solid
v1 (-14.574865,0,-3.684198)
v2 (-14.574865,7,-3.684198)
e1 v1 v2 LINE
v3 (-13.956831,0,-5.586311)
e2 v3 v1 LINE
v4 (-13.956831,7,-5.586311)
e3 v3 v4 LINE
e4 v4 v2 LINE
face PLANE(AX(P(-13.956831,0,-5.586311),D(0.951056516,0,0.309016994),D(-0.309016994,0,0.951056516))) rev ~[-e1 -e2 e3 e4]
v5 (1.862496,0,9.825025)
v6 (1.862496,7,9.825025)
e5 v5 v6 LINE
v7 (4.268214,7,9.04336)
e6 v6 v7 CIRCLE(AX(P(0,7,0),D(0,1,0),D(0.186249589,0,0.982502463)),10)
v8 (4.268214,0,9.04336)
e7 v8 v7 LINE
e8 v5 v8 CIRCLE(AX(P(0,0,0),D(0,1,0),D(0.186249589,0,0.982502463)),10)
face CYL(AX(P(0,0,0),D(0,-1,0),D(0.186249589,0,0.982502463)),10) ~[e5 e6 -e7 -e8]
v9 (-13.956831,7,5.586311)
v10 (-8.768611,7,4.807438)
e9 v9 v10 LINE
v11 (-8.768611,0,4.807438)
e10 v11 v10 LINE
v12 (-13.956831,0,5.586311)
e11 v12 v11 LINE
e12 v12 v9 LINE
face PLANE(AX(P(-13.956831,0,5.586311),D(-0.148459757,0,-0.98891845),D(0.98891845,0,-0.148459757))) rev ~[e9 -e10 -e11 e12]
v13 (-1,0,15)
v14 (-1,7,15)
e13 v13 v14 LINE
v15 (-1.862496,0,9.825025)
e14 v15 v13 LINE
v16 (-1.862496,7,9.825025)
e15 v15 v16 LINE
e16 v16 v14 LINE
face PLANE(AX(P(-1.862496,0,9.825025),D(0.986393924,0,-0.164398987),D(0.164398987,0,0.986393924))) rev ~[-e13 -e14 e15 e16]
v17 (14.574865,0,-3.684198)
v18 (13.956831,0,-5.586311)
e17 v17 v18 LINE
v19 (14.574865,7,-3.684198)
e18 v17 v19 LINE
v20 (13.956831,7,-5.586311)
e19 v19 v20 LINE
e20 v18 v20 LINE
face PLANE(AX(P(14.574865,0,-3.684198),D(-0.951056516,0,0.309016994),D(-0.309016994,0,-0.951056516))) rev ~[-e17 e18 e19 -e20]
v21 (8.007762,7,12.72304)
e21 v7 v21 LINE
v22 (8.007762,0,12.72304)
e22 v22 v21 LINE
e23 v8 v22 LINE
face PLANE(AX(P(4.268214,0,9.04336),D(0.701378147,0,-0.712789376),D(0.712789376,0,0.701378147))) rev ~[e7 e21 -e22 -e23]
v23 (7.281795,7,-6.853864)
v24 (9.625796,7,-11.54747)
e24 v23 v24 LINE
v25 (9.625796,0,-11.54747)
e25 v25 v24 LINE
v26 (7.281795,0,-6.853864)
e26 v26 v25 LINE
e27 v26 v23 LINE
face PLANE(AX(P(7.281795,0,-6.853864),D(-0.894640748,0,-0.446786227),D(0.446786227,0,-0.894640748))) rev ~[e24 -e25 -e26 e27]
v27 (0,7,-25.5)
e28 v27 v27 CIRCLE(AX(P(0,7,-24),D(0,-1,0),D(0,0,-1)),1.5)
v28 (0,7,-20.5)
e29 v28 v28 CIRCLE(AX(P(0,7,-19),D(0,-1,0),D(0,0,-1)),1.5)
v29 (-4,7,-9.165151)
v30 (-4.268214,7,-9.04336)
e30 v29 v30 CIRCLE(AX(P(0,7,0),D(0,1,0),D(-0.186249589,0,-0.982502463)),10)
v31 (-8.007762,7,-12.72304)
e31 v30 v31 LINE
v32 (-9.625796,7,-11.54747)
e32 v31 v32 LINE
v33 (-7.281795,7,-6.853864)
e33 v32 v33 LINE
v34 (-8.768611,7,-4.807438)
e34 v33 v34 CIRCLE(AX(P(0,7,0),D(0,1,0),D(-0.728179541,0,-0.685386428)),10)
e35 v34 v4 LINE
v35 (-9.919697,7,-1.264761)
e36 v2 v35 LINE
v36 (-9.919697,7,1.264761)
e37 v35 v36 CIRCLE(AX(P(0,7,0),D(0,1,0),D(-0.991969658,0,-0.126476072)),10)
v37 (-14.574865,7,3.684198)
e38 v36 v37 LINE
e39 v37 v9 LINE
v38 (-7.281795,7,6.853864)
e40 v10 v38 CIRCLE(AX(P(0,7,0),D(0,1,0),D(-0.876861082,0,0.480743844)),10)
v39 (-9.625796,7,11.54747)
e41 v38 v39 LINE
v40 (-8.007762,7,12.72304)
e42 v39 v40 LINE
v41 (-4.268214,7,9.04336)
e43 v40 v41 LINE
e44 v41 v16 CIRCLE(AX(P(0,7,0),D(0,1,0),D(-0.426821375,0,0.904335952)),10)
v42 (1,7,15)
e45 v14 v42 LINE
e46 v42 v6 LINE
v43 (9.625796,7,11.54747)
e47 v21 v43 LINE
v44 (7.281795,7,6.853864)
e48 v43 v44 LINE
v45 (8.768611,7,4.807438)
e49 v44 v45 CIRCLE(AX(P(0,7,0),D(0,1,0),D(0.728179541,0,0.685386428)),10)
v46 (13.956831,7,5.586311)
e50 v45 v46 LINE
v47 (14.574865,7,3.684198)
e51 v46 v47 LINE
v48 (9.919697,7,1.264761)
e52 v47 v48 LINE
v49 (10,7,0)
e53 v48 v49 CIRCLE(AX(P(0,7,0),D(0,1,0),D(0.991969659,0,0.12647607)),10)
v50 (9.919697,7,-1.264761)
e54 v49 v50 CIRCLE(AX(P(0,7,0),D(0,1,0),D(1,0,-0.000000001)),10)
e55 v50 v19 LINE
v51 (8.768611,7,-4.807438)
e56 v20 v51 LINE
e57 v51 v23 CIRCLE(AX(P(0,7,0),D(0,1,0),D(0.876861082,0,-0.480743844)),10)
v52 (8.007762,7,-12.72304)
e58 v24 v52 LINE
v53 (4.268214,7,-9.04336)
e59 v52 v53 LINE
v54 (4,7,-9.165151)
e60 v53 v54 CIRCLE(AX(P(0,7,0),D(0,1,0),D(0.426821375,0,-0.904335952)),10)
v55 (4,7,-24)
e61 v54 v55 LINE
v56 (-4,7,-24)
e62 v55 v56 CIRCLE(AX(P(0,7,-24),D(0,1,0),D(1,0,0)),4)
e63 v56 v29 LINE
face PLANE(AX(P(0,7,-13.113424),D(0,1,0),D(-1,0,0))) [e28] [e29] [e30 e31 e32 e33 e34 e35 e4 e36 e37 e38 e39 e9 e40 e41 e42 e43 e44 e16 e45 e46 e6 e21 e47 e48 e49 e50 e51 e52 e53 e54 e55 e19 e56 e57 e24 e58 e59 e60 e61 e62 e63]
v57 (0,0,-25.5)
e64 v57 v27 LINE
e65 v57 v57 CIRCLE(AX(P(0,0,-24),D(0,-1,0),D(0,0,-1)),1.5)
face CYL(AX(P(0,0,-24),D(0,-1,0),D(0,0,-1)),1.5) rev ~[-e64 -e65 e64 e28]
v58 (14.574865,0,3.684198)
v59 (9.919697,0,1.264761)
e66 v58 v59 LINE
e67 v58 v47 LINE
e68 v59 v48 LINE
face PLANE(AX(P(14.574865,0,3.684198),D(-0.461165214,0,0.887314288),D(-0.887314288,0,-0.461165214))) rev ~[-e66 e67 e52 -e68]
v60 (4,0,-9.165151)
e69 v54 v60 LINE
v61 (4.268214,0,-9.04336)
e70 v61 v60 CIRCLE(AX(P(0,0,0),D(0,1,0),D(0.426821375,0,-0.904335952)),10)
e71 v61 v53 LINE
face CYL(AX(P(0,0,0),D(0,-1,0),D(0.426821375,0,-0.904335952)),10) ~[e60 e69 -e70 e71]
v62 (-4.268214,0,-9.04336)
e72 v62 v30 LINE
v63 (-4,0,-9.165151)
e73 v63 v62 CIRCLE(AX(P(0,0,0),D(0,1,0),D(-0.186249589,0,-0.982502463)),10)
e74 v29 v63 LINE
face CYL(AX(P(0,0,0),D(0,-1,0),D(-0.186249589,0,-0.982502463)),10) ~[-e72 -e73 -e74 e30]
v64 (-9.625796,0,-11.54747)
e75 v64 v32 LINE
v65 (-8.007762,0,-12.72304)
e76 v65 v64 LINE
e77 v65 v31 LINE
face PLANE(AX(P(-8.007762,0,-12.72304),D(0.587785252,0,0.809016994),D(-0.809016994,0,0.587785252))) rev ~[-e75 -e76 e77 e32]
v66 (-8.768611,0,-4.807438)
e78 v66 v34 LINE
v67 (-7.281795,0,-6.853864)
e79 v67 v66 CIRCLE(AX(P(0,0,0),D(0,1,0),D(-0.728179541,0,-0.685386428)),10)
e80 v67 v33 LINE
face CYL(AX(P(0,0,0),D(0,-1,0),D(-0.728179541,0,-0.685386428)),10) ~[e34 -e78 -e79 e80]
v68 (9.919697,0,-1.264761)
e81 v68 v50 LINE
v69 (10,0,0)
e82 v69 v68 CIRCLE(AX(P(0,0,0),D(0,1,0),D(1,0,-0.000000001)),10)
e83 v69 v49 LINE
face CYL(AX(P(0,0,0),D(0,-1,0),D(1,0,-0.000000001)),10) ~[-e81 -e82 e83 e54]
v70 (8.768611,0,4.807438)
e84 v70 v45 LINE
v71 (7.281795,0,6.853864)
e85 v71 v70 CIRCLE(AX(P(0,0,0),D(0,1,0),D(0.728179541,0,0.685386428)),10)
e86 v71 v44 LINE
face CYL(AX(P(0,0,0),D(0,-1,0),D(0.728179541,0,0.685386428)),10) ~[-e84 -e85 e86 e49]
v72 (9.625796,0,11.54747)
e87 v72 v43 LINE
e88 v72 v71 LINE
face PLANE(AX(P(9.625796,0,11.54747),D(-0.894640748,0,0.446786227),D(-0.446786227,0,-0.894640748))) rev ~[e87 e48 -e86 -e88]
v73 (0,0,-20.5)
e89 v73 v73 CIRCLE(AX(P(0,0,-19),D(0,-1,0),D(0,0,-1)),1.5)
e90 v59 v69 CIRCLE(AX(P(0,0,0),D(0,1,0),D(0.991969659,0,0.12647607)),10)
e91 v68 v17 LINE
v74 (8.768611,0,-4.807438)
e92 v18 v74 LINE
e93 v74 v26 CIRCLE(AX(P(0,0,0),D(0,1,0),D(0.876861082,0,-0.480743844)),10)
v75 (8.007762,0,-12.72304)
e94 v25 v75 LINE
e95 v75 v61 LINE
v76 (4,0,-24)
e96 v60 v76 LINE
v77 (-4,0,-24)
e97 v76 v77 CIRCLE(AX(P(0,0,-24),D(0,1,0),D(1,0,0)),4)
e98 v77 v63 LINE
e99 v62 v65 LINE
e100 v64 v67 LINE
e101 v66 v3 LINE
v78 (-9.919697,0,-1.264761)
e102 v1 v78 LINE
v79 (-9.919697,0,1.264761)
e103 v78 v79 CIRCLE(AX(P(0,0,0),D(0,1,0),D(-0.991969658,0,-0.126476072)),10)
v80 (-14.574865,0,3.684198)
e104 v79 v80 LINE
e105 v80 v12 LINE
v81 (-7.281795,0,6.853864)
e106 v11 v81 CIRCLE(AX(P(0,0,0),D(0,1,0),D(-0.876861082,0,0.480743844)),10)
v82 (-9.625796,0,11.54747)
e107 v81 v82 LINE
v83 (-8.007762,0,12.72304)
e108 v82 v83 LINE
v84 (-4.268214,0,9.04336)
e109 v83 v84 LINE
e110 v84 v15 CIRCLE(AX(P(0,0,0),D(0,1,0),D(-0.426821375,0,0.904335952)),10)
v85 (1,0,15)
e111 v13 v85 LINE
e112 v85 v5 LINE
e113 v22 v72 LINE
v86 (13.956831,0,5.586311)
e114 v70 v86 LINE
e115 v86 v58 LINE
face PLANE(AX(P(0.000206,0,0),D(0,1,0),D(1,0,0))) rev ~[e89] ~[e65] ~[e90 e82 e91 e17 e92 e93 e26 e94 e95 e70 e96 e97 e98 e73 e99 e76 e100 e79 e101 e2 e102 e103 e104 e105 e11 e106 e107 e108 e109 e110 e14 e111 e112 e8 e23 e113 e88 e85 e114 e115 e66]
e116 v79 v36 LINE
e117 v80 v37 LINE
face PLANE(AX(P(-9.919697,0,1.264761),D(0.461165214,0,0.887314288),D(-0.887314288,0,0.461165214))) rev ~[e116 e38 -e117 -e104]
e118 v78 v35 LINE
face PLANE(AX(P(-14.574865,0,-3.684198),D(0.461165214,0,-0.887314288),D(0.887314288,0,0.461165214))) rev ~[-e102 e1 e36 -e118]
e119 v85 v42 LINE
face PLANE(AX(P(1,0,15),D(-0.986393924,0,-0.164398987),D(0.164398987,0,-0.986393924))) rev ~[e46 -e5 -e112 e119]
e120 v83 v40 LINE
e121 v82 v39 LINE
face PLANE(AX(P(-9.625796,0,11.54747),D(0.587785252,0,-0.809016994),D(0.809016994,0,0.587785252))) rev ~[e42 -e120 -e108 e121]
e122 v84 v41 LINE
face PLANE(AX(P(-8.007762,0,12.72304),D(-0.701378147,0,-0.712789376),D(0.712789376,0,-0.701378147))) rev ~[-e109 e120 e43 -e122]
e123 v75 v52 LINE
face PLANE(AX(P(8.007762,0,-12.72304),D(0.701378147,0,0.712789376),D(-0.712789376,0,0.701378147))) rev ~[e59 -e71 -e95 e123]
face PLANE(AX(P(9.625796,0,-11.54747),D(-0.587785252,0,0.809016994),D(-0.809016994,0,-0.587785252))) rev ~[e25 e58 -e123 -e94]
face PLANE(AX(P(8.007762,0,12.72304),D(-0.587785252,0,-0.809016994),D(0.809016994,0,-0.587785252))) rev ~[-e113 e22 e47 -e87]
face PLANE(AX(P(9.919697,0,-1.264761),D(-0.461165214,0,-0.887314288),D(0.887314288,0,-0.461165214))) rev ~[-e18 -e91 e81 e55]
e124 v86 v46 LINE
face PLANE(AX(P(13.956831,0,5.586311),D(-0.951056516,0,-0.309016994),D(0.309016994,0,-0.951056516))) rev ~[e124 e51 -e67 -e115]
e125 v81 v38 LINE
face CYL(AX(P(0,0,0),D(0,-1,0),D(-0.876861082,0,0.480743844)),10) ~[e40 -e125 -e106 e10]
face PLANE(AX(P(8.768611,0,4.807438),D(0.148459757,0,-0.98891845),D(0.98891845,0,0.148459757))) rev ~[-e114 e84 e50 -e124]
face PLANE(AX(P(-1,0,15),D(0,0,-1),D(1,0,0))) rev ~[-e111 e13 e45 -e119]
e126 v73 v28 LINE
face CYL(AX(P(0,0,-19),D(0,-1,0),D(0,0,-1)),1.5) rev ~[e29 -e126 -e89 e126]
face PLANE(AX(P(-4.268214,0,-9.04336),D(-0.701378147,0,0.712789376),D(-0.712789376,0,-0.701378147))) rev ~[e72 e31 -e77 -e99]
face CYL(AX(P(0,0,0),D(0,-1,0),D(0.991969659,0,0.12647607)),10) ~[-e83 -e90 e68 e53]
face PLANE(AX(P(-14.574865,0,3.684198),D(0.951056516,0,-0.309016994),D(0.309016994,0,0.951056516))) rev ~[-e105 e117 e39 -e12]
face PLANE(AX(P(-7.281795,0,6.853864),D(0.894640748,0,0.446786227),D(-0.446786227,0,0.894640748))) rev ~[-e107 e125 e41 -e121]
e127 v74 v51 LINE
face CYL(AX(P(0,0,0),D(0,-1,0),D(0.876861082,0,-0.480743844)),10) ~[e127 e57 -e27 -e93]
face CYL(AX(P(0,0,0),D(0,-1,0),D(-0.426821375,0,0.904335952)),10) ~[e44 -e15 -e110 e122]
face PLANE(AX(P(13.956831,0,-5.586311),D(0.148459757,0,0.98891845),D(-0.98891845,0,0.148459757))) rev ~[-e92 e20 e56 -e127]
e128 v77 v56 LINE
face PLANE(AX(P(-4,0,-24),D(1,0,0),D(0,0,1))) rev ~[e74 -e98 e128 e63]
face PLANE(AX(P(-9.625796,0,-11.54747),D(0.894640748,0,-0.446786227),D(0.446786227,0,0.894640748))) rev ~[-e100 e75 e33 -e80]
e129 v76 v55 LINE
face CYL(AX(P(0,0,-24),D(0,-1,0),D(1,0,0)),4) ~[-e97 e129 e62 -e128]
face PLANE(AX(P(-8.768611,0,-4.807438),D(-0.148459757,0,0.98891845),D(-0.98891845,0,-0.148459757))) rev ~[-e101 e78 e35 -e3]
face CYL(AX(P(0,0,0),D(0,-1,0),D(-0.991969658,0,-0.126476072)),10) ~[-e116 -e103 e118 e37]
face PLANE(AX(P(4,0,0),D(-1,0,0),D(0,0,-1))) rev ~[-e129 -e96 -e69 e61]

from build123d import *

# Parameters (mm, degrees)
BOSS_EXTRUDE2_DEPTH = 7
SKETCH2_R           = 1.5
BOSS_EXTRUDE3_DEPTH = 7


with BuildPart() as part:
    # Sketch1 → Boss-Extrude2 (new body)
    with BuildSketch(Plane(origin=(0, 0, 0), x_dir=(1, 0, 0), z_dir=(0, 1, 0))):
        with BuildLine():
            Line((-2, 9), (-1.862495894, 9.825024633))
            ThreePointArc((-1.862495894, 9.825024633), (-3.090169944, 9.510565163), (-4.268213752, 9.043359518))
            Line((-4.268213752, 9.043359518), (-3.672033282, 8.456723454))
            Line((-3.672033282, 8.456723454), (-6.908101259, 6.105582445))
            Line((-6.908101259, 6.105582445), (-7.281795413, 6.853864279))
            ThreePointArc((-7.281795413, 6.853864279), (-8.090169944, 5.877852523), (-8.768610817, 4.807438439))
            Line((-8.768610817, 4.807438439), (-7.941474658, 4.683265982))
            Line((-7.941474658, 4.683265982), (-9.177542635, 0.879039917))
            Line((-9.177542635, 0.879039917), (-9.919696584, 1.264760725))
            ThreePointArc((-9.919696584, 1.264760725), (-10, 0), (-9.919696584, -1.264760725))
            Line((-9.919696584, -1.264760725), (-9.177542635, -0.879039917))
            Line((-9.177542635, -0.879039917), (-7.941474658, -4.683265982))
            Line((-7.941474658, -4.683265982), (-8.768610817, -4.807438439))
            ThreePointArc((-8.768610817, -4.807438439), (-8.090169944, -5.877852523), (-7.281795413, -6.853864279))
            Line((-7.281795413, -6.853864279), (-6.908101259, -6.105582445))
            Line((-6.908101259, -6.105582445), (-3.672033282, -8.456723454))
            Line((-3.672033282, -8.456723454), (-4.268213752, -9.043359518))
            ThreePointArc((-4.268213752, -9.043359518), (-3.090169944, -9.510565163), (-1.862495894, -9.825024633))
            Line((-1.862495894, -9.825024633), (-2, -9))
            Line((-2, -9), (2, -9))
            Line((2, -9), (1.862495894, -9.825024633))
            ThreePointArc((1.862495894, -9.825024633), (3.090169944, -9.510565163), (4.268213752, -9.043359518))
            Line((4.268213752, -9.043359518), (3.672033282, -8.456723454))
            Line((3.672033282, -8.456723454), (6.908101259, -6.105582445))
            Line((6.908101259, -6.105582445), (7.281795413, -6.853864279))
            ThreePointArc((7.281795413, -6.853864279), (8.090169944, -5.877852523), (8.768610817, -4.807438439))
            Line((8.768610817, -4.807438439), (7.941474658, -4.683265982))
            Line((7.941474658, -4.683265982), (9.177542635, -0.879039917))
            Line((9.177542635, -0.879039917), (9.919696584, -1.264760725))
            ThreePointArc((9.919696584, -1.264760725), (9.979903953, -0.633653756), (10, 0))
            ThreePointArc((10, 0), (9.979903953, 0.633653756), (9.919696584, 1.264760725))
            Line((9.919696584, 1.264760725), (9.177542635, 0.879039917))
            Line((9.177542635, 0.879039917), (7.941474658, 4.683265982))
            Line((7.941474658, 4.683265982), (8.768610817, 4.807438439))
            ThreePointArc((8.768610817, 4.807438439), (8.090169944, 5.877852523), (7.281795413, 6.853864279))
            Line((7.281795413, 6.853864279), (6.908101259, 6.105582445))
            Line((6.908101259, 6.105582445), (3.672033282, 8.456723454))
            Line((3.672033282, 8.456723454), (4.268213752, 9.043359518))
            ThreePointArc((4.268213752, 9.043359518), (3.090169944, 9.510565163), (1.862495894, 9.825024633))
            Line((1.862495894, 9.825024633), (2, 9))
            Line((2, 9), (-2, 9))
        make_face()
        with BuildLine():
            ThreePointArc((-8.768610817, -4.807438439), (-9.510565163, -3.090169944), (-9.919696584, -1.264760725))
            Line((-9.919696584, -1.264760725), (-14.574864739, -3.684198399))
            Line((-14.574864739, -3.684198399), (-13.95683075, -5.586311432))
            Line((-13.95683075, -5.586311432), (-8.768610817, -4.807438439))
        make_face()
        with BuildLine():
            ThreePointArc((-4.268213752, -9.043359518), (-5.877852523, -8.090169944), (-7.281795413, -6.853864279))
            Line((-7.281795413, -6.853864279), (-9.625795779, -11.547469663))
            Line((-9.625795779, -11.547469663), (-8.00776179, -12.723040168))
            Line((-8.00776179, -12.723040168), (-4.268213752, -9.043359518))
        make_face()
        with BuildLine():
            ThreePointArc((1.862495894, -9.825024633), (0, -10), (-1.862495894, -9.825024633))
            Line((-1.862495894, -9.825024633), (-1, -15))
            Line((-1, -15), (1, -15))
            Line((1, -15), (1.862495894, -9.825024633))
        make_face()
        with BuildLine():
            Line((9.625795779, -11.547469663), (7.281795413, -6.853864279))
            ThreePointArc((7.281795413, -6.853864279), (5.877852523, -8.090169944), (4.268213752, -9.043359518))
            Line((4.268213752, -9.043359518), (8.00776179, -12.723040168))
            Line((8.00776179, -12.723040168), (9.625795779, -11.547469663))
        make_face()
        with BuildLine():
            Line((14.574864739, -3.684198399), (9.919696584, -1.264760725))
            ThreePointArc((9.919696584, -1.264760725), (9.510565163, -3.090169944), (8.768610817, -4.807438439))
            Line((8.768610817, -4.807438439), (13.95683075, -5.586311432))
            Line((13.95683075, -5.586311432), (14.574864739, -3.684198399))
        make_face()
        with BuildLine():
            Line((13.95683075, 5.586311432), (8.768610817, 4.807438439))
            ThreePointArc((8.768610817, 4.807438439), (9.510565163, 3.090169944), (9.919696584, 1.264760725))
            Line((9.919696584, 1.264760725), (14.574864739, 3.684198399))
            Line((14.574864739, 3.684198399), (13.95683075, 5.586311432))
        make_face()
        with BuildLine():
            Line((8.00776179, 12.723040168), (4.268213752, 9.043359518))
            ThreePointArc((4.268213752, 9.043359518), (5.877852523, 8.090169944), (7.281795413, 6.853864279))
            Line((7.281795413, 6.853864279), (9.625795779, 11.547469663))
            Line((9.625795779, 11.547469663), (8.00776179, 12.723040168))
        make_face()
        with BuildLine():
            Line((1, 15), (-1, 15))
            Line((-1, 15), (-1.862495894, 9.825024633))
            ThreePointArc((-1.862495894, 9.825024633), (0, 10), (1.862495894, 9.825024633))
            Line((1.862495894, 9.825024633), (1, 15))
        make_face()
        with BuildLine():
            ThreePointArc((-7.281795413, 6.853864279), (-5.877852523, 8.090169944), (-4.268213752, 9.043359518))
            Line((-4.268213752, 9.043359518), (-8.00776179, 12.723040168))
            Line((-8.00776179, 12.723040168), (-9.625795779, 11.547469663))
            Line((-9.625795779, 11.547469663), (-7.281795413, 6.853864279))
        make_face()
        with BuildLine():
            ThreePointArc((-9.919696584, 1.264760725), (-9.510565163, 3.090169944), (-8.768610817, 4.807438439))
            Line((-8.768610817, 4.807438439), (-13.95683075, 5.586311432))
            Line((-13.95683075, 5.586311432), (-14.574864739, 3.684198399))
            Line((-14.574864739, 3.684198399), (-9.919696584, 1.264760725))
        make_face()
        with BuildLine():
            Line((-7.941474658, 4.683265982), (-8.768610817, 4.807438439))
            ThreePointArc((-8.768610817, 4.807438439), (-9.510565163, 3.090169944), (-9.919696584, 1.264760725))
            Line((-9.919696584, 1.264760725), (-9.177542635, 0.879039917))
            Line((-9.177542635, 0.879039917), (-7.941474658, 4.683265982))
        make_face()
        with BuildLine():
            Line((-2, -9), (-1.862495894, -9.825024633))
            ThreePointArc((-1.862495894, -9.825024633), (0, -10), (1.862495894, -9.825024633))
            Line((1.862495894, -9.825024633), (2, -9))
            Line((2, -9), (-2, -9))
        make_face()
        with BuildLine():
            ThreePointArc((4.268213752, -9.043359518), (5.877852523, -8.090169944), (7.281795413, -6.853864279))
            Line((7.281795413, -6.853864279), (6.908101259, -6.105582445))
            Line((6.908101259, -6.105582445), (3.672033282, -8.456723454))
            Line((3.672033282, -8.456723454), (4.268213752, -9.043359518))
        make_face()
        with BuildLine():
            Line((-6.908101259, -6.105582445), (-7.281795413, -6.853864279))
            ThreePointArc((-7.281795413, -6.853864279), (-5.877852523, -8.090169944), (-4.268213752, -9.043359518))
            Line((-4.268213752, -9.043359518), (-3.672033282, -8.456723454))
            Line((-3.672033282, -8.456723454), (-6.908101259, -6.105582445))
        make_face()
        with BuildLine():
            Line((-9.177542635, -0.879039917), (-9.919696584, -1.264760725))
            ThreePointArc((-9.919696584, -1.264760725), (-9.510565163, -3.090169944), (-8.768610817, -4.807438439))
            Line((-8.768610817, -4.807438439), (-7.941474658, -4.683265982))
            Line((-7.941474658, -4.683265982), (-9.177542635, -0.879039917))
        make_face()
        with BuildLine():
            Line((-3.672033282, 8.456723454), (-4.268213752, 9.043359518))
            ThreePointArc((-4.268213752, 9.043359518), (-5.877852523, 8.090169944), (-7.281795413, 6.853864279))
            Line((-7.281795413, 6.853864279), (-6.908101259, 6.105582445))
            Line((-6.908101259, 6.105582445), (-3.672033282, 8.456723454))
        make_face()
        with BuildLine():
            ThreePointArc((1.862495894, 9.825024633), (0, 10), (-1.862495894, 9.825024633))
            Line((-1.862495894, 9.825024633), (-2, 9))
            Line((-2, 9), (2, 9))
            Line((2, 9), (1.862495894, 9.825024633))
        make_face()
        with BuildLine():
            ThreePointArc((7.281795413, 6.853864279), (5.877852523, 8.090169944), (4.268213752, 9.043359518))
            Line((4.268213752, 9.043359518), (3.672033282, 8.456723454))
            Line((3.672033282, 8.456723454), (6.908101259, 6.105582445))
            Line((6.908101259, 6.105582445), (7.281795413, 6.853864279))
        make_face()
        with BuildLine():
            ThreePointArc((9.919696584, 1.264760725), (9.510565163, 3.090169944), (8.768610817, 4.807438439))
            Line((8.768610817, 4.807438439), (7.941474658, 4.683265982))
            Line((7.941474658, 4.683265982), (9.177542635, 0.879039917))
            Line((9.177542635, 0.879039917), (9.919696584, 1.264760725))
        make_face()
        with BuildLine():
            ThreePointArc((8.768610817, -4.807438439), (9.510565163, -3.090169944), (9.919696584, -1.264760725))
            Line((9.919696584, -1.264760725), (9.177542635, -0.879039917))
            Line((9.177542635, -0.879039917), (7.941474658, -4.683265982))
            Line((7.941474658, -4.683265982), (8.768610817, -4.807438439))
        make_face()
    extrude(amount=BOSS_EXTRUDE2_DEPTH)

    # Sketch2 → Boss-Extrude3 (add)
    with BuildSketch(Plane.XZ):
        with BuildLine():
            Line((-4, 0), (4, 0))
            Line((4, 0), (4, -24))
            ThreePointArc((4, -24), (0, -28), (-4, -24))
            Line((-4, -24), (-4, 0))
        make_face()
        with Locations(Location((0, -24, 0), (0, 0, 270))):
            Circle(SKETCH2_R, mode=Mode.SUBTRACT)
        with Locations(Location((0, -19, 0), (0, 0, 270))):
            Circle(SKETCH2_R, mode=Mode.SUBTRACT)
    extrude(amount=-BOSS_EXTRUDE3_DEPTH)


solid = part.part
